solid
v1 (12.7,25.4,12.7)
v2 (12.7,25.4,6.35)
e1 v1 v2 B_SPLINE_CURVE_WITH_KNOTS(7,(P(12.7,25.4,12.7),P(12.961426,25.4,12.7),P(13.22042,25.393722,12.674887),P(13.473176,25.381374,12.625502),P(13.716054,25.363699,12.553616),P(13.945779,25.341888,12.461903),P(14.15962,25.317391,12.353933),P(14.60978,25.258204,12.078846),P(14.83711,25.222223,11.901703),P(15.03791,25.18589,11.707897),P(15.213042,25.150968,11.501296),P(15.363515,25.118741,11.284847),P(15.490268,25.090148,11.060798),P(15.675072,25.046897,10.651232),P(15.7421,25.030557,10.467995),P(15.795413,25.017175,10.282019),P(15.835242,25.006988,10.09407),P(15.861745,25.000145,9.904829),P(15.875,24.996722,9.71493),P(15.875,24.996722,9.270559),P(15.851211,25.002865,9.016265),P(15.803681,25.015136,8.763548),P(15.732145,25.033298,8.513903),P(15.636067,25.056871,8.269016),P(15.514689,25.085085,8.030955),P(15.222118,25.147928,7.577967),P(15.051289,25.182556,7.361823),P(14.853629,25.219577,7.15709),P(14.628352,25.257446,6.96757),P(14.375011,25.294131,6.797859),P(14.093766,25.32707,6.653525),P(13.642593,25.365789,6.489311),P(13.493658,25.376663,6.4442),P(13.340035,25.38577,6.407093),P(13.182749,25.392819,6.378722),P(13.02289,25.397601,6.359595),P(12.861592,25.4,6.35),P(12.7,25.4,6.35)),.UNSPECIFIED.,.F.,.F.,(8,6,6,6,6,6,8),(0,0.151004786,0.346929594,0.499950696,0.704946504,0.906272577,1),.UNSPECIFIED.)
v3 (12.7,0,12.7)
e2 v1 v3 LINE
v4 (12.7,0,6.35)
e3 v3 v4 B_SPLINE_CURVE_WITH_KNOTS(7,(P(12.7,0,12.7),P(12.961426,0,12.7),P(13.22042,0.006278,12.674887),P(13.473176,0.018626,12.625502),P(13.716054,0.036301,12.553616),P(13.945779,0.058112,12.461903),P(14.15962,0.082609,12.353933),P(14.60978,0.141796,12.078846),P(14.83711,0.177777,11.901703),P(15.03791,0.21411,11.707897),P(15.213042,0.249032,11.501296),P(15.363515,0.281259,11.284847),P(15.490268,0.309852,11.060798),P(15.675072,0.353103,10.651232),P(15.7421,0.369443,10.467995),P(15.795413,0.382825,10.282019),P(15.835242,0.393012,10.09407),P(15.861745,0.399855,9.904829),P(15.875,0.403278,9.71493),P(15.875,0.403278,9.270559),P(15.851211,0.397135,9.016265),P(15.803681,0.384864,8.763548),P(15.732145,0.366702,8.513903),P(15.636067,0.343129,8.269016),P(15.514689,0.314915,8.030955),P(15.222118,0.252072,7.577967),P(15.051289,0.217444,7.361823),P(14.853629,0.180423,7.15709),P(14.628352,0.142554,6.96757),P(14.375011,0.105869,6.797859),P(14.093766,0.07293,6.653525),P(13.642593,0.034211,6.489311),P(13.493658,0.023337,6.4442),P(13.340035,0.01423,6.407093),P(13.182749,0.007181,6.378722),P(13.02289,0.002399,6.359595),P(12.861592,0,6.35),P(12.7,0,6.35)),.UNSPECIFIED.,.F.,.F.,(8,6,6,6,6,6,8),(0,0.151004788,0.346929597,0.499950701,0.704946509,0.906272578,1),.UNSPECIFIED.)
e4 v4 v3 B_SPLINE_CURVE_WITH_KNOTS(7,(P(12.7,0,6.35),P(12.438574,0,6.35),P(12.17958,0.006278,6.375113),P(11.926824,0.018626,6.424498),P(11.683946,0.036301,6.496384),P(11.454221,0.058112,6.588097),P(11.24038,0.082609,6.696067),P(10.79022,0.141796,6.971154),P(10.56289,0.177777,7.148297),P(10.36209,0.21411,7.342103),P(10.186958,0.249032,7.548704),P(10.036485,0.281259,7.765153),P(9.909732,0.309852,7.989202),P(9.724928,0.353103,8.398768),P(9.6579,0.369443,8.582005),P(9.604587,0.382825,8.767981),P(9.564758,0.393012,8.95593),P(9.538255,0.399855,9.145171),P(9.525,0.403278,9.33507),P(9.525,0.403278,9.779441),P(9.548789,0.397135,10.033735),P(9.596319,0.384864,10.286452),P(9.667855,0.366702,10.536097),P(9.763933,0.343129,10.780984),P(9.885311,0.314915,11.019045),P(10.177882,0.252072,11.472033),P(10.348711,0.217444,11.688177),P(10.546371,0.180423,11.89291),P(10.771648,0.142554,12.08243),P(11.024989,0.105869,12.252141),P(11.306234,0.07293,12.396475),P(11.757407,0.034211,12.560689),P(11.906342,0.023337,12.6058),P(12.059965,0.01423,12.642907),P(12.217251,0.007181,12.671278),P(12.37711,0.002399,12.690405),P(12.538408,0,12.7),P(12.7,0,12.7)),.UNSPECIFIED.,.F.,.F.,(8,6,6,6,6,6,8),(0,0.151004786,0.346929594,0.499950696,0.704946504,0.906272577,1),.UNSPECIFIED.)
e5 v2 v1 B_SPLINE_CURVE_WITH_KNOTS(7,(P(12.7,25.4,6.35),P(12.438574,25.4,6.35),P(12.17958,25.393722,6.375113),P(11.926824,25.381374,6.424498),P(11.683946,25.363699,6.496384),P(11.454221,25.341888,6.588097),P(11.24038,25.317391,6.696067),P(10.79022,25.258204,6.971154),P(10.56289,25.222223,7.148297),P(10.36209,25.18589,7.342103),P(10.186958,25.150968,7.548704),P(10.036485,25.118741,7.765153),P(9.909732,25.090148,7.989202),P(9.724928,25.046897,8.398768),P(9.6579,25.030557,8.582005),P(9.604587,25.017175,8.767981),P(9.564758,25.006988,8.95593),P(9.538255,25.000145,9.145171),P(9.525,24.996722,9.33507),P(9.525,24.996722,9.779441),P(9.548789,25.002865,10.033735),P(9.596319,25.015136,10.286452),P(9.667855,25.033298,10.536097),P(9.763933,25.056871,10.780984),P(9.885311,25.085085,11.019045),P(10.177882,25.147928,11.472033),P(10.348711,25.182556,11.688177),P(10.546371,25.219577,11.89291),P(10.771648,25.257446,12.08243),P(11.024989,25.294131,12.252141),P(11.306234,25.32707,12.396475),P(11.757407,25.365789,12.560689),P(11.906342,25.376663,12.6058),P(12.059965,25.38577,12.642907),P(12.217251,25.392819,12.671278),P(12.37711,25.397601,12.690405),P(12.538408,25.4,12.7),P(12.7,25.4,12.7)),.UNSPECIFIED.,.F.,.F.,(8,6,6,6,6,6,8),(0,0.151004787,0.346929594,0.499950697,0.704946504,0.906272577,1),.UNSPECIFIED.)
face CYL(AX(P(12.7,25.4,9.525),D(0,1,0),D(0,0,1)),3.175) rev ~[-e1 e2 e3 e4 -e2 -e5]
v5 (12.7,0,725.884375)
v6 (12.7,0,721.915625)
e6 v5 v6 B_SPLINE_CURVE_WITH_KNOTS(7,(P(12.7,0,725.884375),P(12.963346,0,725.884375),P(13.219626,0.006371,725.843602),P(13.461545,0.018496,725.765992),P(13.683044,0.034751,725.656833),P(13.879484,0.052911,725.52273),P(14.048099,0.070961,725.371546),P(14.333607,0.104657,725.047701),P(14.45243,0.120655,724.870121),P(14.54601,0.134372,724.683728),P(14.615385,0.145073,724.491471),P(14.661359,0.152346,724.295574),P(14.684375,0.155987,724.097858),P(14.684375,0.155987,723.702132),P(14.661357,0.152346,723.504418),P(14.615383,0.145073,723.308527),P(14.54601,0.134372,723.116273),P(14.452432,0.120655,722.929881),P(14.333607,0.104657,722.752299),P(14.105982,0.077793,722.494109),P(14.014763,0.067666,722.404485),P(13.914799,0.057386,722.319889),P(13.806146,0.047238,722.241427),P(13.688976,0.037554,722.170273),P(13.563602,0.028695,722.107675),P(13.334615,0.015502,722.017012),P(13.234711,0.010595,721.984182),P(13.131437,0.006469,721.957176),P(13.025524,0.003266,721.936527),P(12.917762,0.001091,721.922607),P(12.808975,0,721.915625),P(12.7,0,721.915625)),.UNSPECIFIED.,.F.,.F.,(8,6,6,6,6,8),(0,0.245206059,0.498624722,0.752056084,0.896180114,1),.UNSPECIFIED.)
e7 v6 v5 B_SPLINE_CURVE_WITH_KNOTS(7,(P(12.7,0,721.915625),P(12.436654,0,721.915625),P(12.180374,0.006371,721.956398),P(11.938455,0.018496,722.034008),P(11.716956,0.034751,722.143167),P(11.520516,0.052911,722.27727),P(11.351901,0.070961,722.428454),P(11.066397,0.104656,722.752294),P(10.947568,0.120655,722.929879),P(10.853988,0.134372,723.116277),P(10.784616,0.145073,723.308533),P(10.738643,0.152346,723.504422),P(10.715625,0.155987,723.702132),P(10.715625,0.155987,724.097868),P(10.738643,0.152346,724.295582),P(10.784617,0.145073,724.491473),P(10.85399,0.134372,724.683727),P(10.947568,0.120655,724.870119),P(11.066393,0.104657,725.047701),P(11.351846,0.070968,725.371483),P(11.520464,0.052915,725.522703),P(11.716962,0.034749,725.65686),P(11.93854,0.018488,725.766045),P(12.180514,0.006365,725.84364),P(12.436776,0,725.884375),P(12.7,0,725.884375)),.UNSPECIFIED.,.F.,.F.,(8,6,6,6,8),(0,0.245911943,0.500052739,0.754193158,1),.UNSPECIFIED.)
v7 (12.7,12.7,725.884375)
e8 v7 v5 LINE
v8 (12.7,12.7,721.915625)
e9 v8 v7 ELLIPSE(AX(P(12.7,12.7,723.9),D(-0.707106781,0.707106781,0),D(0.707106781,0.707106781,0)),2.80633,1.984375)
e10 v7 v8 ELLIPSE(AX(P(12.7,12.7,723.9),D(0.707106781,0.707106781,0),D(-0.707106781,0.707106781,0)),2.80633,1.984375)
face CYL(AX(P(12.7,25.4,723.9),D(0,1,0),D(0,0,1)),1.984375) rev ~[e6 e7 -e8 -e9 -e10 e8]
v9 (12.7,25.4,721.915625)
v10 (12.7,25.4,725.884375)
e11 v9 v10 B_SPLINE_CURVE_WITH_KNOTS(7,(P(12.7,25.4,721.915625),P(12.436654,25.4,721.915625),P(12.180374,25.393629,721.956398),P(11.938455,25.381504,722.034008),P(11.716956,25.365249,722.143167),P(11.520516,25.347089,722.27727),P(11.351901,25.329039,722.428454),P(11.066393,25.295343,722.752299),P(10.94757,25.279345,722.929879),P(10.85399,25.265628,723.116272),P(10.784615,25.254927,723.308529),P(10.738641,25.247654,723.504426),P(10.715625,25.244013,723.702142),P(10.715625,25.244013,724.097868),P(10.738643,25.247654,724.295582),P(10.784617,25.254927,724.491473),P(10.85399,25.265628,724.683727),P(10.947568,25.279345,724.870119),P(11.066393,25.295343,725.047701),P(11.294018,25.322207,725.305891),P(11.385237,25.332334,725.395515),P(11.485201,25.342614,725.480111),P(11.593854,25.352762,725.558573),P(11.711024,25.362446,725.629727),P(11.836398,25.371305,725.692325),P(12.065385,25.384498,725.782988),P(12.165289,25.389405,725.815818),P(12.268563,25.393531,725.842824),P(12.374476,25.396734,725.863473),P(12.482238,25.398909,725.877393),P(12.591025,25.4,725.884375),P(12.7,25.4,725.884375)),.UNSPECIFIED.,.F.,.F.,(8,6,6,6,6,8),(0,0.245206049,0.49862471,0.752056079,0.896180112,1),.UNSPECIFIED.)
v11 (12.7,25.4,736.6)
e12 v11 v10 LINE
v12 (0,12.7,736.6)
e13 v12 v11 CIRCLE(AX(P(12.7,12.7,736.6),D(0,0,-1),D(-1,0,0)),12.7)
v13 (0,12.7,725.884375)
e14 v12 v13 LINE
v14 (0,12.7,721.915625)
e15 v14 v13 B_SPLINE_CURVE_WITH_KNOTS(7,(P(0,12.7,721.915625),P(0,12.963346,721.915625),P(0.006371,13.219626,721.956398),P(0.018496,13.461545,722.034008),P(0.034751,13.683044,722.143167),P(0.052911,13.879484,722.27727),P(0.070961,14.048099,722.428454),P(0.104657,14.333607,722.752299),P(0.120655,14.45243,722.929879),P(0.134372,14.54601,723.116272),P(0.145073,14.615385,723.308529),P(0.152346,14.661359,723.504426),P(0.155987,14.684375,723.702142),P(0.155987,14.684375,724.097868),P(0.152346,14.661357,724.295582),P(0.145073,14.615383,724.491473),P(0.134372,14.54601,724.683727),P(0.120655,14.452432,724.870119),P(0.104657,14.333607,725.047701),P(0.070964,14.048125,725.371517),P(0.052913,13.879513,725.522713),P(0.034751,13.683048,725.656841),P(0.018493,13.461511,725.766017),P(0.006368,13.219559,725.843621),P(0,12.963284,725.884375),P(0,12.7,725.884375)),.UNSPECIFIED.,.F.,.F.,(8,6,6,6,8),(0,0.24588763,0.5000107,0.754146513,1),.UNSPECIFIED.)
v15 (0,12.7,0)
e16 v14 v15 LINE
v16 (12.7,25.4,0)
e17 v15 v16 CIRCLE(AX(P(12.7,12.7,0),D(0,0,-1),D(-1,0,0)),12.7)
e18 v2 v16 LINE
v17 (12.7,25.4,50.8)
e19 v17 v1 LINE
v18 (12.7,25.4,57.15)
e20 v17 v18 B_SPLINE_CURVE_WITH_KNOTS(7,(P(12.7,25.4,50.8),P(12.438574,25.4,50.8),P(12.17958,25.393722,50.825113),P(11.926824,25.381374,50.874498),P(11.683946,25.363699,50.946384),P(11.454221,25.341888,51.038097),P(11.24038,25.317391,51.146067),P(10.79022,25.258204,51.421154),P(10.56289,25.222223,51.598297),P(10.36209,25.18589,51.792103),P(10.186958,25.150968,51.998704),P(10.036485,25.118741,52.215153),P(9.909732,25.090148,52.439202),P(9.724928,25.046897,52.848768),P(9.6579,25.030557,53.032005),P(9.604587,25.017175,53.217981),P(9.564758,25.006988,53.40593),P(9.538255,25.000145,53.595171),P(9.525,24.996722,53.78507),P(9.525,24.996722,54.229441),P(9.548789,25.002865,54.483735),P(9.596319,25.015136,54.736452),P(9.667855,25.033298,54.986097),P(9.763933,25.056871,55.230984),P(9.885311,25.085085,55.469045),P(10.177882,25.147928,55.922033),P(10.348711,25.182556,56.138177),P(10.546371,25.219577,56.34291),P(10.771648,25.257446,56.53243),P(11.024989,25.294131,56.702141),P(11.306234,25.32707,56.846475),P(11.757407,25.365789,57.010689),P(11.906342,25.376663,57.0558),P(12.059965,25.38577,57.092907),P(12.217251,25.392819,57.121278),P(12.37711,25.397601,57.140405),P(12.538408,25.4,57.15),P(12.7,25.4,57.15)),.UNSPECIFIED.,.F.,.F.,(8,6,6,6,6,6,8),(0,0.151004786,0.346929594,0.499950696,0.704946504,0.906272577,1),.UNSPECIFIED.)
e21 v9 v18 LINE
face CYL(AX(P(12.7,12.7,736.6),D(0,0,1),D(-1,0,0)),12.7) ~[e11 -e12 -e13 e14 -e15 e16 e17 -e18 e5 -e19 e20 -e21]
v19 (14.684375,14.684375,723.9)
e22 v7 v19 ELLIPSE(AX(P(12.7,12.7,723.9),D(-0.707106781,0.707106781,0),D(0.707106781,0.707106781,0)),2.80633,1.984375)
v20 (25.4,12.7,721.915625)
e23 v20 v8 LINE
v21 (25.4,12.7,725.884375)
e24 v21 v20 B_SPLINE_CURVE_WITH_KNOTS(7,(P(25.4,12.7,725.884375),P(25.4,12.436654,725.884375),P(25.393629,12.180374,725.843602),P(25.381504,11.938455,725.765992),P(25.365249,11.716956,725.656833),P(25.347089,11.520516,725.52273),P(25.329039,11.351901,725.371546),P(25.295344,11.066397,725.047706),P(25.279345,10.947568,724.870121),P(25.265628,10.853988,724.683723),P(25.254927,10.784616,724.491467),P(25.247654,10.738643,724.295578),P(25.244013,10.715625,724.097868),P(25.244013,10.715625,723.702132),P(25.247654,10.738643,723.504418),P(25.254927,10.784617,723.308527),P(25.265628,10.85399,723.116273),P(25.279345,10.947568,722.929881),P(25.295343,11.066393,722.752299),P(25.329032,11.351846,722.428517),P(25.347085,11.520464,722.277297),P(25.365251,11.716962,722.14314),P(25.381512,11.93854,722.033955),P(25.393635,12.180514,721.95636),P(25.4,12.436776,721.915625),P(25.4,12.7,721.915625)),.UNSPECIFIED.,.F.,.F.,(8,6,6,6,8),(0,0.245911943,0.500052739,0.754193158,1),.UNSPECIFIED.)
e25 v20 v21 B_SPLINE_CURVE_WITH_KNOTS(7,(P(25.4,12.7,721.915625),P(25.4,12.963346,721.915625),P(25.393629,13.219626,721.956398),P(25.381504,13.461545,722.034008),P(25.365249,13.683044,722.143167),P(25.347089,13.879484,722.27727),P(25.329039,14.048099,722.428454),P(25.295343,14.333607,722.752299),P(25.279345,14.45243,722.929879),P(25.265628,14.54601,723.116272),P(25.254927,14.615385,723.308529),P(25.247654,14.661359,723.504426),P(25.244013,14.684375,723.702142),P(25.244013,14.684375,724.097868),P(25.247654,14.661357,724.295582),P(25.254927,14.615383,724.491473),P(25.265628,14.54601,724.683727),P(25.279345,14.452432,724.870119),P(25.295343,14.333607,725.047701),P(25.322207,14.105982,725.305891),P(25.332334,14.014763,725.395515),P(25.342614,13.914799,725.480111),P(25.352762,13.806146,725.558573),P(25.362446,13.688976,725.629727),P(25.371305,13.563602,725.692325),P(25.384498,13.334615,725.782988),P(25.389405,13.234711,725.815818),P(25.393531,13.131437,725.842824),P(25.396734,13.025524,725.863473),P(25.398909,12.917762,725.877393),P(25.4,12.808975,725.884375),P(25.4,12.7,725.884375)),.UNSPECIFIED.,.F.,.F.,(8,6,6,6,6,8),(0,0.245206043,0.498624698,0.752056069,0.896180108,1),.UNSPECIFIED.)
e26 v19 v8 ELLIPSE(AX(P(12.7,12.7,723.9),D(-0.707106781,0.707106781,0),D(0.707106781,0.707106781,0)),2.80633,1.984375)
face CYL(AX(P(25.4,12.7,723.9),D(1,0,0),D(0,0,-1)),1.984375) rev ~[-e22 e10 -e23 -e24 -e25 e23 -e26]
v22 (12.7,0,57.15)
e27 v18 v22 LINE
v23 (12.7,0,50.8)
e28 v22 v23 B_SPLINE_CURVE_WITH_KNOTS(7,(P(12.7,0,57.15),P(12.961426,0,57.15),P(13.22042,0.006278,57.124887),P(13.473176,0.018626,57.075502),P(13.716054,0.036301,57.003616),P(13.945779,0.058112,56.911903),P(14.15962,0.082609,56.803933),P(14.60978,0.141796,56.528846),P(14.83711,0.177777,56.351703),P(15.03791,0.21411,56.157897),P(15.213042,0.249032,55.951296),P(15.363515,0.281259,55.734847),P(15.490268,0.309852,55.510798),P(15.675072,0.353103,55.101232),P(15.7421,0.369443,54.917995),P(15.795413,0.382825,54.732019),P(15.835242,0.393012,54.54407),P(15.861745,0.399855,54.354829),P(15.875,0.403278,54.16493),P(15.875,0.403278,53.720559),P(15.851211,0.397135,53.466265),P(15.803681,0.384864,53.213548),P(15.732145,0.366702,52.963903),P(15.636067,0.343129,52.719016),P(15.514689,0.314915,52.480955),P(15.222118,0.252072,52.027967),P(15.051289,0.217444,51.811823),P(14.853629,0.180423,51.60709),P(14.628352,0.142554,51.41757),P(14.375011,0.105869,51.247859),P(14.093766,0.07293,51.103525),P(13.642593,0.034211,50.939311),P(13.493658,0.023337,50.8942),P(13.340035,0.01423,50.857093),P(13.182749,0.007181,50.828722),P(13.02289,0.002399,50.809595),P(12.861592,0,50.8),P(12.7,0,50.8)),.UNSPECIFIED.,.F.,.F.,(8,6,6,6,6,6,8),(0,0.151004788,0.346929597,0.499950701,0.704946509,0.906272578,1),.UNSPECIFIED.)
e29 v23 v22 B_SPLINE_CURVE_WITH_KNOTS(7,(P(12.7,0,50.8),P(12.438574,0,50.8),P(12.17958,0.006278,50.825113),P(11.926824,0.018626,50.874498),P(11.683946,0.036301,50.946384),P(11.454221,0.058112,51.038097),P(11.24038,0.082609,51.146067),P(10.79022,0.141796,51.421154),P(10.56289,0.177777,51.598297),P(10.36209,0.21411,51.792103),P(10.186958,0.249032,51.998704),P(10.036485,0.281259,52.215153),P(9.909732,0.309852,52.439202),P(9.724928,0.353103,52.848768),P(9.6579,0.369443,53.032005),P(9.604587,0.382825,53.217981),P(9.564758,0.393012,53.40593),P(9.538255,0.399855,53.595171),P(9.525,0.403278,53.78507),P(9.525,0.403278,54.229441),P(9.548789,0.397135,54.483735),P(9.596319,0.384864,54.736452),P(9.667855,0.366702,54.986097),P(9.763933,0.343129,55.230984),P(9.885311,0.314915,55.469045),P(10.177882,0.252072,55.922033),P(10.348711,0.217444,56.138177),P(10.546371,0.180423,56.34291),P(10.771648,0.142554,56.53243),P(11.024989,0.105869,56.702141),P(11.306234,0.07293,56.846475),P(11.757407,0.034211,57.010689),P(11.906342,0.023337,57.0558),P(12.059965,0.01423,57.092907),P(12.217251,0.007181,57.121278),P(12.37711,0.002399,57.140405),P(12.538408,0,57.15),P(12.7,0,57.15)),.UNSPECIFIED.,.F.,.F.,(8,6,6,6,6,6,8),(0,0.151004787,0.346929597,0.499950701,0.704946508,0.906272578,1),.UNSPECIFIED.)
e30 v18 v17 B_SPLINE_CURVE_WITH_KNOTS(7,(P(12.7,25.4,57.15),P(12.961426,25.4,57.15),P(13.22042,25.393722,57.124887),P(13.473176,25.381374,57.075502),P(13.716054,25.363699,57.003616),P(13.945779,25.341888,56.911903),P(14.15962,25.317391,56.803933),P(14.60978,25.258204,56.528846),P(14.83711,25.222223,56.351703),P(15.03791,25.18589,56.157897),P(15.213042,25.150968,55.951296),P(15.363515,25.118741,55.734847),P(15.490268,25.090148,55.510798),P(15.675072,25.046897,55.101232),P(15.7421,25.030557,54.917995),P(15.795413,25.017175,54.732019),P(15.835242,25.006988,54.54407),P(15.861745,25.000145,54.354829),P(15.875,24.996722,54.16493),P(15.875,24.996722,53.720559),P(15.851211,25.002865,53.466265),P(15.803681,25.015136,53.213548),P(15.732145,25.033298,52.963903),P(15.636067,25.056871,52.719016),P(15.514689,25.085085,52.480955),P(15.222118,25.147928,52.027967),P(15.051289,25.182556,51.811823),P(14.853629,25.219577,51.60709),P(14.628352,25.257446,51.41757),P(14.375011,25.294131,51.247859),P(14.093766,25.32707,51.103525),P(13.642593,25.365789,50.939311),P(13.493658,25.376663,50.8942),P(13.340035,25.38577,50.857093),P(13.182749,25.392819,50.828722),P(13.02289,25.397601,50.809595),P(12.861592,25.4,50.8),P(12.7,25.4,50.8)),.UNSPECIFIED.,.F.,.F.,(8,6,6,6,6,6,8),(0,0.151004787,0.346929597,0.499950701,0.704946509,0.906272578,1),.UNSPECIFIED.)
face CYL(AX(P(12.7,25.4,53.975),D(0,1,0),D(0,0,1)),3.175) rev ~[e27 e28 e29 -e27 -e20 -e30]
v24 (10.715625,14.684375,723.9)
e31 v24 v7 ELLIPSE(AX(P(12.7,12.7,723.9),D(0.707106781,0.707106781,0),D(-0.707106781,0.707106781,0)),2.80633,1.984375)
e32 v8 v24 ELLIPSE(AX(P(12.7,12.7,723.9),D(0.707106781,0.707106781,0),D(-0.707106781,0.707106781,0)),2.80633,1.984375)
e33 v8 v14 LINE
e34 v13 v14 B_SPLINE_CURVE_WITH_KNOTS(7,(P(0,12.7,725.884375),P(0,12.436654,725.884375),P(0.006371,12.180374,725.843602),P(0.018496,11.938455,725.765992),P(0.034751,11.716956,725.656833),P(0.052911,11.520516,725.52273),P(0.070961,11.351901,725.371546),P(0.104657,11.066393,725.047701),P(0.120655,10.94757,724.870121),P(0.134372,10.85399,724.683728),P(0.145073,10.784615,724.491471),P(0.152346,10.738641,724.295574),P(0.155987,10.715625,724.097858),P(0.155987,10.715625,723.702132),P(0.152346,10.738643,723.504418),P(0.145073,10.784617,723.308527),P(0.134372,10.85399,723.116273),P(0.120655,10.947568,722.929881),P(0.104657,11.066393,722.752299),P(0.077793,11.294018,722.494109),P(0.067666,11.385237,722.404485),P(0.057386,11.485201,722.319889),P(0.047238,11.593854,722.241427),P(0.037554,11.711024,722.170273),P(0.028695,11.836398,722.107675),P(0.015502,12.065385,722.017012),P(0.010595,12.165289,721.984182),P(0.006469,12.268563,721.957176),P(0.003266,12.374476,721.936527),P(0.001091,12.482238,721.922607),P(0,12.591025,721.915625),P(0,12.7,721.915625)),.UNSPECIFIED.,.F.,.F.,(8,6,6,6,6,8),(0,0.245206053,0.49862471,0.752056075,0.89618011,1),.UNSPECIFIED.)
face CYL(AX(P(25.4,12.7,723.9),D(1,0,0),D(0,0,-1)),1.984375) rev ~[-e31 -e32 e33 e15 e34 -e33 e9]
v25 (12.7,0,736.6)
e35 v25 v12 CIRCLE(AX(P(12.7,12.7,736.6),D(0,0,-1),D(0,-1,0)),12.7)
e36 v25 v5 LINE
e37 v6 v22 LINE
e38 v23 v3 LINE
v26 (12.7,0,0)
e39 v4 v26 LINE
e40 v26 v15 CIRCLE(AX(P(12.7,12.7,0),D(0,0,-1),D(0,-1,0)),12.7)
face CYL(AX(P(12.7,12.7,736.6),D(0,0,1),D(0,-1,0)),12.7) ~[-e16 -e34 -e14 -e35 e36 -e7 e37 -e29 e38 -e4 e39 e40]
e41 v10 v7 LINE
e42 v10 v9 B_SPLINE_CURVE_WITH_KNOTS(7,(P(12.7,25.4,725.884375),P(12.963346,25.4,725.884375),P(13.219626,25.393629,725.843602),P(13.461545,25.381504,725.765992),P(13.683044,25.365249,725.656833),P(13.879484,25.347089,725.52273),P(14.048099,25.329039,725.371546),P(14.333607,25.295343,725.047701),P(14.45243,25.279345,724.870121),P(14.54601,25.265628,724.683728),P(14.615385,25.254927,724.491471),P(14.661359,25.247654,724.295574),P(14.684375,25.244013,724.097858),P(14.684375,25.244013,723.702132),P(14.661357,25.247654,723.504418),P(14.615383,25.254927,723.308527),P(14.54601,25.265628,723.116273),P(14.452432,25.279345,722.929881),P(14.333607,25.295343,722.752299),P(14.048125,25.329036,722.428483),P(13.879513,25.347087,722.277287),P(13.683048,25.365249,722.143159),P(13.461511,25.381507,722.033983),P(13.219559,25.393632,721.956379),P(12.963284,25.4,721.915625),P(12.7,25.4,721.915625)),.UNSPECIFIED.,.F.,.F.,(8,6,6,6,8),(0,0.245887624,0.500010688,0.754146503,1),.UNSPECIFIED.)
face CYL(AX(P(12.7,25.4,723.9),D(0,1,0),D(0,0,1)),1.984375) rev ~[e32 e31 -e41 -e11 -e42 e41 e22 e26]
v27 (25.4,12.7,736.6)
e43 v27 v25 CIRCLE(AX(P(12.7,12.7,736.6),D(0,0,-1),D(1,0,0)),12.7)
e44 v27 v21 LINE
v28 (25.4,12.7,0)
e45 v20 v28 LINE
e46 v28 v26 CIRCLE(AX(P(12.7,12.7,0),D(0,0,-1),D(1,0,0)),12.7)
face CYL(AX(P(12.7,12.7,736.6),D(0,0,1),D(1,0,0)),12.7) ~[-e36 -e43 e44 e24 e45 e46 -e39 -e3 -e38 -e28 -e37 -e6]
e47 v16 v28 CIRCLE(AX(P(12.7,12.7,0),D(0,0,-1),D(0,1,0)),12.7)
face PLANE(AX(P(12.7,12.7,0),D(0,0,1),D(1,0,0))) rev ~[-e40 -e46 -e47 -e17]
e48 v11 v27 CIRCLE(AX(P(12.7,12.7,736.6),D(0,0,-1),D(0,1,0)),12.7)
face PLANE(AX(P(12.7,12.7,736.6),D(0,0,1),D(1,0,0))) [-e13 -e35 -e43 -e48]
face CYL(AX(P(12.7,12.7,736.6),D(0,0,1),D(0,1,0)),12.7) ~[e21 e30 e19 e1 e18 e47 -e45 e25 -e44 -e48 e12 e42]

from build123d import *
from build123d.topology import SkipClean

# Parameters (mm, degrees)
SKETCH2_W           = 25.4
SKETCH2_H           = 25.4
BOSS_EXTRUDE1_DEPTH = 736.6
SKETCH4_R           = 3.175
SKETCH4_R_2         = 1.984375
CUT_EXTRUDE1_DEPTH  = 736.6
SKETCH5_R           = 1.984375
CUT_EXTRUDE2_DEPTH  = 736.6
CUT_EXTRUDE3_DEPTH  = 736.6


with BuildPart() as part:
    # Sketch2 → Boss-Extrude1 (new body)
    with BuildSketch(Plane.XY):
        with Locations((12.7, 12.7)):
            Rectangle(SKETCH2_W, SKETCH2_H)
    extrude(amount=BOSS_EXTRUDE1_DEPTH)

    # Sketch4 → Cut-Extrude1 (cut)
    with BuildSketch(Plane(origin=(0, 25.4, 0), x_dir=(1, 0, 0), z_dir=(0, 1, 0))):
        with Locations(Location((12.7, -9.525, 0), (0, 0, 270))):
            Circle(SKETCH4_R)
        with Locations(Location((12.7, -53.975, 0), (0, 0, 270))):
            Circle(SKETCH4_R)
        with Locations(Location((12.7, -723.9, 0), (0, 0, 270))):
            Circle(SKETCH4_R_2)
    extrude(amount=-CUT_EXTRUDE1_DEPTH, mode=Mode.SUBTRACT)

    # Sketch5 → Cut-Extrude2 (cut)
    with BuildSketch(Plane(origin=(25.4, 0, 0), x_dir=(0, 0, -1), z_dir=(1, 0, 0))):
        with Locations((-723.9, 12.7)):
            Circle(SKETCH5_R)
    extrude(amount=-CUT_EXTRUDE2_DEPTH, mode=Mode.SUBTRACT)

    # Sketch6 → Cut-Extrude3 (cut)
    with SkipClean():  # the faces are left unmerged after this step: merging them gives an invalid solid
        with BuildSketch(Plane.XY.offset(736.6)):
            with BuildLine():
                Line((0, 25.4), (0, 12.7))
                ThreePointArc((0, 12.7), (3.719743879, 21.680256121), (12.7, 25.4))
                Line((12.7, 25.4), (0, 25.4))
            make_face()
            with BuildLine():
                ThreePointArc((12.7, 25.4), (21.680256121, 21.680256121), (25.4, 12.7))
                Line((25.4, 12.7), (25.4, 25.4))
                Line((25.4, 25.4), (12.7, 25.4))
            make_face()
            with BuildLine():
                Line((25.4, 0), (25.4, 12.7))
                ThreePointArc((25.4, 12.7), (21.680256121, 3.719743879), (12.7, 0))
                Line((12.7, 0), (25.4, 0))
            make_face()
            with BuildLine():
                ThreePointArc((12.7, 0), (3.719743879, 3.719743879), (0, 12.7))
                Line((0, 12.7), (0, 0))
                Line((0, 0), (12.7, 0))
            make_face()
        extrude(amount=-CUT_EXTRUDE3_DEPTH, mode=Mode.SUBTRACT)


solid = part.part
